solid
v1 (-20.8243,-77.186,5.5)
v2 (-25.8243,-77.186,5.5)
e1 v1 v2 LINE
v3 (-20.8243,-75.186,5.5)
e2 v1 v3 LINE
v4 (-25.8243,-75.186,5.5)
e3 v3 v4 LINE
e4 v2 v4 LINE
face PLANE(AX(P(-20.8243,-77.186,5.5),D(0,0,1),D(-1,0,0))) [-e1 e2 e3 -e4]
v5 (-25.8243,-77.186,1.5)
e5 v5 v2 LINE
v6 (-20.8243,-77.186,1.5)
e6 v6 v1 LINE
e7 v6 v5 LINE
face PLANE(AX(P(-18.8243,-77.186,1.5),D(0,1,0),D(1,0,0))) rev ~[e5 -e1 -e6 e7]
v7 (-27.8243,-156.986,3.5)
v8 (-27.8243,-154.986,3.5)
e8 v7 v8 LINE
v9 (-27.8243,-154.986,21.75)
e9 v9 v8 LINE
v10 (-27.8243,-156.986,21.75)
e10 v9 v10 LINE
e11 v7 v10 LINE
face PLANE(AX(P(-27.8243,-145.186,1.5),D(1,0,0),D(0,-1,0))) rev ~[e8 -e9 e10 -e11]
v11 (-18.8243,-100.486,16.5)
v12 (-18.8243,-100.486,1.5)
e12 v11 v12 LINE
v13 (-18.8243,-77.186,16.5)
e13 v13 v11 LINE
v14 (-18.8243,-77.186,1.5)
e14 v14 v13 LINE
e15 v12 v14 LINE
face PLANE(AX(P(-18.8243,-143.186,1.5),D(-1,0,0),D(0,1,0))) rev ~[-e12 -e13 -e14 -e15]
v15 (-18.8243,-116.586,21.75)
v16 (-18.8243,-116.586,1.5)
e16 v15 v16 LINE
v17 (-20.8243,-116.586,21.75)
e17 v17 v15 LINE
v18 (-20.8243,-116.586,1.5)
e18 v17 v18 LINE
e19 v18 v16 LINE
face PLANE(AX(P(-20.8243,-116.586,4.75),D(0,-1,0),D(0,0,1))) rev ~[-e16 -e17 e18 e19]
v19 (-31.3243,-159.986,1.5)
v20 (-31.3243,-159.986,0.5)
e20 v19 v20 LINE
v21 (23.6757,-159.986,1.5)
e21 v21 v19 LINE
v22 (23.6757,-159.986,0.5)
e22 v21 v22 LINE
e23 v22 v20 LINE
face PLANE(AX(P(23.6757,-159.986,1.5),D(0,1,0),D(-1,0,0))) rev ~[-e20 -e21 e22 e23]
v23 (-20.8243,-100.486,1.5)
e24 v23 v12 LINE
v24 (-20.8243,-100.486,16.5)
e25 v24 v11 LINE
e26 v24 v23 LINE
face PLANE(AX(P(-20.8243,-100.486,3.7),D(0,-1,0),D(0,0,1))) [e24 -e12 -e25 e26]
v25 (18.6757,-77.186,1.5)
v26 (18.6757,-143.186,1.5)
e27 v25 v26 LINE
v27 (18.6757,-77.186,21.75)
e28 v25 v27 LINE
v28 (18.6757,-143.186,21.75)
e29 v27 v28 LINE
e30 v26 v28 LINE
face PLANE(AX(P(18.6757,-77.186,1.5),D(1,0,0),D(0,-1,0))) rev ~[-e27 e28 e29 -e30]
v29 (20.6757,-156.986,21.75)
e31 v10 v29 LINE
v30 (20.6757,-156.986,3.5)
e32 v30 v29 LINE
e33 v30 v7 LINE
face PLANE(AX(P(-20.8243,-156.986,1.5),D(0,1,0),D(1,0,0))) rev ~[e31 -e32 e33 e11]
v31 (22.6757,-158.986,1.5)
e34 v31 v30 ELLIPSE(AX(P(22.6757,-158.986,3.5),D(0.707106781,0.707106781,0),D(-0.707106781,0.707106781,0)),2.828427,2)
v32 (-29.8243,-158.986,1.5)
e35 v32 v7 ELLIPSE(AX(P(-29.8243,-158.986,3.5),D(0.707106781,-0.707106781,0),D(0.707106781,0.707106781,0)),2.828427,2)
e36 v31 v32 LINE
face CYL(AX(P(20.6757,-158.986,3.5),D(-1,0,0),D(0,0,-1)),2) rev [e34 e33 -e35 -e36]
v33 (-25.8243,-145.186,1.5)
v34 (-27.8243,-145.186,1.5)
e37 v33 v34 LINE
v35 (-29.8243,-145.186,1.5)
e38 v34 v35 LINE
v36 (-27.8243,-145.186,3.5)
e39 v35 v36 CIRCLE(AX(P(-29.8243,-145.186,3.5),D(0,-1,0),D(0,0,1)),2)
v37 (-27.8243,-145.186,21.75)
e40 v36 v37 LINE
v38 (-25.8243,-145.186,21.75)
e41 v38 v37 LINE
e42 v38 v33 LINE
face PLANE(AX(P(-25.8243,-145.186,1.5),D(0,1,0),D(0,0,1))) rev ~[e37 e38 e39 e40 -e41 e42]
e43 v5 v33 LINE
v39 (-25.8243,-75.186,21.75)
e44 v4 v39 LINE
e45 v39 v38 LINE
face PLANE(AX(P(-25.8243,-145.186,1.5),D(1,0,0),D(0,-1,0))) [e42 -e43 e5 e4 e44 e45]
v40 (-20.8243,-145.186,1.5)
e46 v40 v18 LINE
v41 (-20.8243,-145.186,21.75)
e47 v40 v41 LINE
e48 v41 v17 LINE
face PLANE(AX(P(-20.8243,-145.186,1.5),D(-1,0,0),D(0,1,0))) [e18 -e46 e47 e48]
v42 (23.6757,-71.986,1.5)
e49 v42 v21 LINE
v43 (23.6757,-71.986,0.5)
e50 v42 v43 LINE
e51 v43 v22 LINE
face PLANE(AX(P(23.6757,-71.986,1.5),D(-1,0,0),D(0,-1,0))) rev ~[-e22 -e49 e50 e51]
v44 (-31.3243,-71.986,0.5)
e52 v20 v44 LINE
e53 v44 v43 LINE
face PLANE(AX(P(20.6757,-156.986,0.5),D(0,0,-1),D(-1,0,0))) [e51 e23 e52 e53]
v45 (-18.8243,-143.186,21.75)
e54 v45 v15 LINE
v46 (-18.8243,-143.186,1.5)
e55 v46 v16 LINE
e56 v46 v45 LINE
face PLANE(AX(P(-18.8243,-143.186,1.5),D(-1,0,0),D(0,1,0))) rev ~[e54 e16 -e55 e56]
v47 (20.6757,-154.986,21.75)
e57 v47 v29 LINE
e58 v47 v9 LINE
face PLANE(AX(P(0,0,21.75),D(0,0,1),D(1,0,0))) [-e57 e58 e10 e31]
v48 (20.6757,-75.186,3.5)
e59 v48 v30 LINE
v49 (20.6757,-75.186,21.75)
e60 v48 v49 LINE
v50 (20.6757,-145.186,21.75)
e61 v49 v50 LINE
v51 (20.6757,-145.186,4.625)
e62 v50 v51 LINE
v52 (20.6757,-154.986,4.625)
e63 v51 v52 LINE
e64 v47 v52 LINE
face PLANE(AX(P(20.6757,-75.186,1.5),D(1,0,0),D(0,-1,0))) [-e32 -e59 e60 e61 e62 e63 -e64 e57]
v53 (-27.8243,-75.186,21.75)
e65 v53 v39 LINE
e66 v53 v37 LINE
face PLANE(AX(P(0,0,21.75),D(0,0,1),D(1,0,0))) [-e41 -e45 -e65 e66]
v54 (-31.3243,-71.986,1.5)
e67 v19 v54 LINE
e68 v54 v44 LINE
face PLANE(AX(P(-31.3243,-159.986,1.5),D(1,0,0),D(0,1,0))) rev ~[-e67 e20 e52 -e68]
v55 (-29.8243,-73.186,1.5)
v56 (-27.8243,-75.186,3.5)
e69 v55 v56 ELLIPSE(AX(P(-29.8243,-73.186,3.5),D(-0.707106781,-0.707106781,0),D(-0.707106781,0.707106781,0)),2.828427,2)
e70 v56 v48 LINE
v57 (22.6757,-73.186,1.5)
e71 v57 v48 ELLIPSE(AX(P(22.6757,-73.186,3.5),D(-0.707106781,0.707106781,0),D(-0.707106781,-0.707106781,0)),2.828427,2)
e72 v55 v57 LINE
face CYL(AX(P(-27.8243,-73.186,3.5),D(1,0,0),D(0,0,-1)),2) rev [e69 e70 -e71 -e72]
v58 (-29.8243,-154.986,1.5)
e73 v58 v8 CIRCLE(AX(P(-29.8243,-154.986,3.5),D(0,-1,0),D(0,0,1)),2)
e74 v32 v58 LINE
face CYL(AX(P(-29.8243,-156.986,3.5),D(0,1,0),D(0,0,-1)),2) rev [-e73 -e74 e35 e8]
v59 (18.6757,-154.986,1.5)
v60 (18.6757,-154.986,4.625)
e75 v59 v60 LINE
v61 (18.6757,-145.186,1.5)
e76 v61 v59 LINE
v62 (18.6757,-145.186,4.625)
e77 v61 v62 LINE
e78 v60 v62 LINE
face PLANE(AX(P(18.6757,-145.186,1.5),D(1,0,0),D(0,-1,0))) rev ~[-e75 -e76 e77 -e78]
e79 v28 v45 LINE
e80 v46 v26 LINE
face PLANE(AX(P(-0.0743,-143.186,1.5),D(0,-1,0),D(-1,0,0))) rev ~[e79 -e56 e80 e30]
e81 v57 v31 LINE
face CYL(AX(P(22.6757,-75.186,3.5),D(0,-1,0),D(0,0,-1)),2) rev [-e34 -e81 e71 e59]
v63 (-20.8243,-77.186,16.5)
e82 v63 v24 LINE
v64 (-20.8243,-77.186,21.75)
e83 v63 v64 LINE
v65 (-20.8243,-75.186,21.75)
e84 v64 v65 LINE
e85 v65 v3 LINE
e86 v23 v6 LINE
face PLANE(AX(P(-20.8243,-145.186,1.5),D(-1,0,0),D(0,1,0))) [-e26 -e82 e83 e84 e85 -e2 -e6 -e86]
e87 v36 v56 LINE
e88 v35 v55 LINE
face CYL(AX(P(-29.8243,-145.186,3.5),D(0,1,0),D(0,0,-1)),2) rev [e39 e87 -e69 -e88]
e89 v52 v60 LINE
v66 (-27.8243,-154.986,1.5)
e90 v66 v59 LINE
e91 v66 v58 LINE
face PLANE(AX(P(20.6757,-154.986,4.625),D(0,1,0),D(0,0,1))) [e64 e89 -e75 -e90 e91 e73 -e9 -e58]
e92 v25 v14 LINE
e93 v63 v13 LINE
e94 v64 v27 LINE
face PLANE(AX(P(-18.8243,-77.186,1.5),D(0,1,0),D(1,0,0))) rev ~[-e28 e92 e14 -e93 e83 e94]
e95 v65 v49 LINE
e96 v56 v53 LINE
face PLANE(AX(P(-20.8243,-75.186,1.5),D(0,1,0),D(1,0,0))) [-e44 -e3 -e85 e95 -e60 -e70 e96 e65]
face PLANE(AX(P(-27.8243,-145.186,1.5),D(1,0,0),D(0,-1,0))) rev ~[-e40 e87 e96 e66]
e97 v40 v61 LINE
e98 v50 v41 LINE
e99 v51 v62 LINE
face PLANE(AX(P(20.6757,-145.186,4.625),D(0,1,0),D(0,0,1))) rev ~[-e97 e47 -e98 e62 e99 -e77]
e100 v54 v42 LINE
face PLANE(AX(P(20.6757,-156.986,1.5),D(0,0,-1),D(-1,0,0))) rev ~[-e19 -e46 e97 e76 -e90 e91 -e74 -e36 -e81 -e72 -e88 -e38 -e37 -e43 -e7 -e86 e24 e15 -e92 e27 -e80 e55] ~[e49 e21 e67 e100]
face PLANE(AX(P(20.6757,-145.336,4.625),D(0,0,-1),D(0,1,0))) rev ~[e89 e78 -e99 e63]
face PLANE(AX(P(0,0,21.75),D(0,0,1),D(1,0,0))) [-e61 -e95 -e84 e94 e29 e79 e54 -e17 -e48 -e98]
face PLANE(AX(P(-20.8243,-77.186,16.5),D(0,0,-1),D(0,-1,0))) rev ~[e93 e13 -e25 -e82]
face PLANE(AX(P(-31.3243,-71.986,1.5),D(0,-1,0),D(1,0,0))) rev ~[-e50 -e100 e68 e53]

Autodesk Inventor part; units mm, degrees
ref_plane "YZ Plane" through (0, 0, 0) normal (1, 0, 0) x (0, 1, 0)
ref_plane "XZ Plane" through (0, 0, 0) normal (0, 1, 0) x (-1, 0, 0)
ref_plane "Plano de trabajo1" through (0, 0, 0) normal (0, 0, 1) x (1, 0, 0)
sketch "Boceto1" plane through (0, 0, 0) normal (0, 0, 1) x (1, 0, 0)
  line L0 (0.4509, -110.4895) -> (0.451, -110.4898) projected
  line L1 (0.4512, -110.4895) -> (0.4509, -110.4895) projected
  line L2 (-0.0742, -109.5793) -> (0.4512, -110.4895) projected
  line L3 (-0.5999, -110.4893) -> (0.1885, -110.0344)
  line L4 (0.4512, -110.4895) -> (-0.3337, -110.0363)
  line L5 (0.4512, -110.4895) -> (-0.5999, -110.4895)
  line L6 (-0.5999, -110.4895) -> (-0.0743, -109.5792)
  line L7 (-0.0743, -109.5792) -> (0.4512, -110.4895)
  line L8 (-95.0743, -55.3377) -> (94.9257, -55.3377)
  line L9 (94.9257, -55.3377) -> (-0.0743, -219.8826)
  line L10 (-0.0743, -219.8826) -> (-95.0743, -55.3377)
  point P0 (0, 0)
  point P1 (-0.0743, -110.186)
  point P2 (-0.0743, -110.186)
  point P3 (0.1885, -110.0344)
  dimension "d0" = 190
extrude "Extrusión1" add sketch "Boceto1" along normal blind 1.5 contours L2 L3 L6 | L2 L4 L3 | L3 L4 L5 | L8 L9 L10
fillet "Empalme1" radius 30 3 edges at (-95.0743, -55.3377, 0.75) (94.9257, -55.3377, 0.75) (-0.0743, -219.8826, 0.75)
sketch "Boceto2" plane through (0, 0, 1.5) normal (0, 0, 1) x (1, 0, 0)
  line L0 (25.9064, -174.8826) -> (68.9449, -100.3377) projected
  line L1 (42.9642, -55.3377) -> (-43.1128, -55.3377) projected
  line L2 (-69.0936, -100.3377) -> (-26.0551, -174.8826) projected
  line L3 (0.4512, -110.4895) -> (0.1885, -110.0344) projected
  line L4 (0.1885, -110.0344) -> (0.1885, -110.0344) projected
  line L5 (0.1885, -110.0344) -> (0.4512, -110.4895) projected
  line L6 (-0.0743, -219.8826) -> (94.9257, -55.3377) projected
  line L7 (-0.0743, -219.8826) -> (-0.0743, -55.3377)
  line L8 (-18.8243, -77.186) -> (18.6757, -77.186)
  line L9 (18.6757, -77.186) -> (18.6757, -143.186)
  line L10 (18.6757, -143.186) -> (-18.8243, -143.186)
  line L11 (-18.8243, -143.186) -> (-18.8243, -77.186)
  line L12 (-18.8243, -77.186) -> (18.6757, -143.186) construction
  line L13 (18.6757, -77.186) -> (-18.8243, -143.186) construction
  line L14 (-20.8243, -75.186) -> (20.6757, -75.186)
  line L15 (20.6757, -75.186) -> (20.6757, -145.186)
  line L16 (20.6757, -145.186) -> (-20.8243, -145.186)
  line L17 (-20.8243, -145.186) -> (-20.8243, -75.186)
  line L18 (94.9257, -55.3377) -> (57.0834, -77.186)
  arc A0 (-26.0551, -174.8826) -> (25.9064, -174.8826) centre (-0.0743, -159.8826) ccw projected
  arc A1 (68.9449, -100.3377) -> (42.9642, -55.3377) centre (42.9642, -85.3377) ccw projected
  arc A2 (-43.1128, -55.3377) -> (-69.0936, -100.3377) centre (-43.1128, -85.3377) ccw projected
  point P0 (0, 0)
  dimension "d4" = 37.5
  dimension "d5" = 66
  dimension "d6" = 2
extrude "Extrusión2" add sketch "Boceto2" along normal blind 20.25 contours L16 L17 L14 L7 L8 L11 L10 | L7 L10 L9 L8 L14 L15 L16
sketch "Boceto3" plane through (-20.8243, -145.186, 21.75) normal (-1, 0, 0) x (0, 0, 1)
  line L0 (-20.25, 0) -> (0, 0) projected
  line L1 (0, 70) -> (0, 0) projected
  line L2 (-20.25, 70) -> (0, 70) projected
  line L3 (0, 70) -> (-18.05, 70)
  line L4 (-18.05, 70) -> (-18.05, 44.7)
  line L5 (-18.05, 44.7) -> (0, 44.7)
  line L6 (0, 44.7) -> (0, 70)
  line L7 (-20.25, 0) -> (-20.25, 70) projected
  line L8 (0, 0) -> (-17, 0)
  line L9 (-17, 0) -> (-17, 28.6)
  line L10 (-17, 28.6) -> (0, 28.6)
  line L11 (0, 28.6) -> (0, 0)
  line L12 (-18.05, 44.7) -> (-20.25, 44.7)
  line L13 (-17, 28.6) -> (-20.25, 28.6)
  point P0 (-21.75, 145.186)
  point P1 (0, 28.6)
  point P2 (0, 44.7)
  dimension "d10" = 18.05
  dimension "d11" = 25.3
  dimension "d12" = 17
  dimension "d13" = 28.6
sketch "Boceto4" plane through (0, 0, 1.5) normal (0, 0, 1) x (1, 0, 0)
  line L0 (20.6757, -145.186) -> (20.6757, -75.186) projected
  line L1 (20.6757, -75.186) -> (-20.8243, -75.186) projected
  line L2 (-20.8243, -75.186) -> (-20.8243, -145.186) projected
  line L3 (-20.8243, -145.186) -> (20.6757, -145.186) projected
  line L4 (18.6757, -143.186) -> (-18.8243, -143.186) projected
  line L5 (-18.8243, -143.186) -> (-18.8243, -77.186) projected
  line L6 (-18.8243, -77.186) -> (18.6757, -77.186) projected
  line L7 (18.6757, -77.186) -> (18.6757, -143.186) projected
  line L8 (-25.8243, -75.186) -> (-25.8243, -145.186)
  line L9 (-25.8243, -75.186) -> (-27.8243, -75.186)
  line L10 (-27.8243, -75.186) -> (-27.8243, -156.986)
  line L11 (-27.8243, -145.186) -> (-25.8243, -145.186)
  line L12 (-20.8243, -154.986) -> (-20.8243, -156.986)
  line L13 (-20.8243, -156.986) -> (20.6757, -156.986)
  line L14 (20.6757, -156.986) -> (20.6757, -154.986)
  line L15 (20.6757, -154.986) -> (-20.8243, -154.986)
  line L16 (-20.8243, -156.986) -> (-27.8243, -156.986)
  line L17 (-25.8243, -145.186) -> (-25.8243, -154.986)
  line L18 (-25.8243, -154.986) -> (-20.8243, -154.986)
  line L19 (20.6757, -145.186) -> (20.6757, -154.986)
  line L20 (20.6757, -145.186) -> (18.6757, -145.186)
  line L21 (18.6757, -145.186) -> (18.6757, -154.986)
  line L22 (-20.8243, -75.186) -> (-25.8243, -75.186)
  line L23 (-20.8243, -75.186) -> (-20.8243, -77.186)
  line L24 (-20.8243, -77.186) -> (-25.8243, -77.186)
  point P0 (0, 0)
  dimension "d19" = 2
  dimension "d22" = 2
  dimension "d23" = 2
extrude "Extrusión3" add sketch "Boceto4" along normal blind 20.25 contours L19 L15 L21 L3 | L14 L13 L12 L15 | L2 L24 L8 L22 | L8 L11 L10 L9 | L12 L16 L10 L11 L17 L18
extrude "Extrusión4" cut sketch "Boceto3" against normal up to surface (2 mm away) contours L7 L12 L5 L1 L10 L13
sketch "Boceto5" plane through (-20.8243, -77.186, 1.5) normal (-1, 0, 0) x (0, 0, 1)
  line L0 (0, 0) -> (15, 0)
  line L1 (15, 0) -> (15, -23.3)
  line L2 (15, -23.3) -> (0, -23.3)
  line L3 (0, -23.3) -> (0, 0)
  line L4 (0, -23.3) -> (20.25, -23.3) projected
  line L5 (20.25, 0) -> (20.25, -23.3) projected
  line L6 (20.25, 0) -> (0, 0) projected
  line L7 (0, -23.3) -> (0, 0) projected
  point P0 (-1.5, 77.186)
  point P1 (15, -23.3)
  dimension "d26" = 15
  dimension "d27" = 23.3
extrude "Extrusión5" cut sketch "Boceto5" against normal up to surface (2 mm away) contours L6 L5 L4 L1
sketch "Boceto6" plane through (-25.8243, -154.986, 1.5) normal (1, 0, 0) x (0, 0, -1)
  line L0 (0, 9.8) -> (-20.25, 9.8) projected
  line L1 (0, 77.8) -> (0, 0) projected
  line L2 (0, 77.8) -> (-20.25, 77.8) projected
  line L3 (-20.25, 0) -> (-20.25, 77.8) projected
  line L4 (0, 0) -> (-20.25, 0) projected
  line L5 (0, 0) -> (-11.6, 0)
  line L6 (-11.6, 0) -> (-11.6, 9.8)
  line L7 (-11.6, 9.8) -> (0, 9.8)
  line L8 (0, 9.8) -> (0, 0)
  point P0 (1.5, 154.986)
  dimension "d30" = 11.6
extrude "Extrusión6" cut sketch "Boceto6" against normal up to surface (2 mm away) contours L1 L4 L6 L0 | L6 L4 L3 L0
sketch "Boceto7" plane through (-18.8243, -77.186, 1.5) normal (0, -1, 0) x (1, 0, 0)
  line L0 (-2, 0) -> (-7, 0) projected
  line L1 (-2, 15) -> (-2, 0) projected
  line L2 (-2, 15) -> (0, 15) projected
  line L3 (0, 0) -> (0, 15) projected
  line L4 (37.5, 0) -> (0, 0) projected
  line L5 (37.5, 0) -> (37.5, 20.25) projected
  line L6 (-7, 20.25) -> (37.5, 20.25) projected
  line L7 (-7, 0) -> (-7, 20.25) projected
  line L8 (-2, 15) -> (-2, 20.25)
  line L9 (-7, 0) -> (-2, 0)
  line L10 (-2, 0) -> (-2, 4)
  line L11 (-2, 4) -> (-7, 4)
  line L12 (-7, 4) -> (-7, 0)
  point P0 (18.8243, -1.5)
  point P1 (-7, 4)
  dimension "d35" = 4
extrude "Extrusión7" cut sketch "Boceto7" against normal up to surface (2 mm away) contours L11 L7 L6 L8 L1
ref_plane "Plano de trabajo2" through (0, 0, 1.5) normal (0, 0, 1) x (1, 0, 0)
split "Dividir1" plane through (0, 0, 1.5) removes the side toward (0, 0, -1)
sketch "Boceto8" plane through (20.6757, -156.986, 1.5) normal (0, 0, -1) x (-1, 0, 0)
  line L0 (48.5, 0) -> (0, 0) projected
  line L1 (24.2796, 40.9499) -> (48.5, 0)
  line L2 (48.5, 81.8) -> (48.5, 11.8) projected
  line L3 (0, 0) -> (0, 81.8) projected
  line L4 (24.2796, 40.9499) -> (0, 0)
  point P0 (20.6757, 156.986)
ref_plane "Plano de trabajo3" through (-3.5743, -110.9343, 1.5) normal (0, 0, 1) x (1, 0, 0)
sketch "Boceto9" plane through (20.6757, -156.986, 21.75) normal (1, 0, 0) x (0, 0, -1)
  line L0 (20.25, 81.8) -> (20.25, 0) projected
  line L1 (20.25, 81.8) -> (0, 81.8) projected
  line L2 (0, 0) -> (0, 81.8) projected
  line L3 (20.25, 0) -> (0, 0) projected
  line L4 (20.25, 2) -> (20.25, 11.8) projected
  line L5 (20.25, 2) -> (0, 2) projected
  line L6 (0, 11.8) -> (0, 2) projected
  line L7 (20.25, 11.8) -> (0, 11.8) projected
  line L8 (0, 2) -> (20.25, 11.8)
  line L9 (17.125, 2.15) -> (3.125, 2.15)
  line L10 (3.125, 2.15) -> (3.125, 11.65)
  line L11 (3.125, 11.65) -> (17.125, 11.65)
  line L12 (17.125, 11.65) -> (17.125, 2.15)
  line L13 (17.125, 2.15) -> (3.125, 11.65) construction
  line L14 (3.125, 2.15) -> (17.125, 11.65) construction
  line L15 (3.125, 2) -> (17.125, 2)
  line L16 (17.125, 2) -> (17.125, 11.8)
  line L17 (17.125, 11.8) -> (3.125, 11.8)
  line L18 (3.125, 11.8) -> (3.125, 2)
  point P0 (21.75, 156.986)
  point P1 (12.7514, 35.7395)
  point P2 (10.125, 6.9)
  point P3 (3.125, 11.65)
  point P4 (3.125, 2.15)
  point P5 (3.125, 11.65)
  point P6 (3.125, 2.15)
  point P7 (17.125, 2.15)
  point P8 (17.125, 10.2877)
  point P9 (17.125, 11.65)
  dimension "d43" = 14
  dimension "d44" = 9.5
extrude "Extrusión8" cut sketch "Boceto9" against normal up to surface (2 mm away) contours L16 L11 L18 L7 | L12 L9 L10 L8 | L8 L10 L11 L12 | L7 L18 L10 L8 L2 | L5 L18 L9 L16 | L10 L18 L5 L8
sketch "Boceto10" plane through (20.6757, -156.986, 1.5) normal (0, 0, -1) x (-1, 0, 0)
  line L0 (49, 82) -> (0, 82)
  line L1 (0, 82) -> (0, 0)
  line L2 (0, 0) -> (49, 0)
  line L3 (49, 0) -> (49, 82)
  line L4 (52, 85) -> (-3, 85)
  line L5 (-3, 85) -> (-3, -3)
  line L6 (-3, -3) -> (52, -3)
  line L7 (52, -3) -> (52, 85)
  point P0 (20.6757, 156.986)
  dimension "d47" = 3
extrude "Extrusión9" add sketch "Boceto10" along normal blind 1 contours L3 L2 L1 L0 | L7 L6 L5 L4
fillet "Empalme3" radius 2 5 edges at (-27.8243, -110.186, 1.5) (-27.8243, -155.986, 1.5) (-3.5743, -156.986, 1.5) (20.6757, -116.086, 1.5) (-3.5743, -75.186, 1.5)
properties part number "Base4Baterias"
